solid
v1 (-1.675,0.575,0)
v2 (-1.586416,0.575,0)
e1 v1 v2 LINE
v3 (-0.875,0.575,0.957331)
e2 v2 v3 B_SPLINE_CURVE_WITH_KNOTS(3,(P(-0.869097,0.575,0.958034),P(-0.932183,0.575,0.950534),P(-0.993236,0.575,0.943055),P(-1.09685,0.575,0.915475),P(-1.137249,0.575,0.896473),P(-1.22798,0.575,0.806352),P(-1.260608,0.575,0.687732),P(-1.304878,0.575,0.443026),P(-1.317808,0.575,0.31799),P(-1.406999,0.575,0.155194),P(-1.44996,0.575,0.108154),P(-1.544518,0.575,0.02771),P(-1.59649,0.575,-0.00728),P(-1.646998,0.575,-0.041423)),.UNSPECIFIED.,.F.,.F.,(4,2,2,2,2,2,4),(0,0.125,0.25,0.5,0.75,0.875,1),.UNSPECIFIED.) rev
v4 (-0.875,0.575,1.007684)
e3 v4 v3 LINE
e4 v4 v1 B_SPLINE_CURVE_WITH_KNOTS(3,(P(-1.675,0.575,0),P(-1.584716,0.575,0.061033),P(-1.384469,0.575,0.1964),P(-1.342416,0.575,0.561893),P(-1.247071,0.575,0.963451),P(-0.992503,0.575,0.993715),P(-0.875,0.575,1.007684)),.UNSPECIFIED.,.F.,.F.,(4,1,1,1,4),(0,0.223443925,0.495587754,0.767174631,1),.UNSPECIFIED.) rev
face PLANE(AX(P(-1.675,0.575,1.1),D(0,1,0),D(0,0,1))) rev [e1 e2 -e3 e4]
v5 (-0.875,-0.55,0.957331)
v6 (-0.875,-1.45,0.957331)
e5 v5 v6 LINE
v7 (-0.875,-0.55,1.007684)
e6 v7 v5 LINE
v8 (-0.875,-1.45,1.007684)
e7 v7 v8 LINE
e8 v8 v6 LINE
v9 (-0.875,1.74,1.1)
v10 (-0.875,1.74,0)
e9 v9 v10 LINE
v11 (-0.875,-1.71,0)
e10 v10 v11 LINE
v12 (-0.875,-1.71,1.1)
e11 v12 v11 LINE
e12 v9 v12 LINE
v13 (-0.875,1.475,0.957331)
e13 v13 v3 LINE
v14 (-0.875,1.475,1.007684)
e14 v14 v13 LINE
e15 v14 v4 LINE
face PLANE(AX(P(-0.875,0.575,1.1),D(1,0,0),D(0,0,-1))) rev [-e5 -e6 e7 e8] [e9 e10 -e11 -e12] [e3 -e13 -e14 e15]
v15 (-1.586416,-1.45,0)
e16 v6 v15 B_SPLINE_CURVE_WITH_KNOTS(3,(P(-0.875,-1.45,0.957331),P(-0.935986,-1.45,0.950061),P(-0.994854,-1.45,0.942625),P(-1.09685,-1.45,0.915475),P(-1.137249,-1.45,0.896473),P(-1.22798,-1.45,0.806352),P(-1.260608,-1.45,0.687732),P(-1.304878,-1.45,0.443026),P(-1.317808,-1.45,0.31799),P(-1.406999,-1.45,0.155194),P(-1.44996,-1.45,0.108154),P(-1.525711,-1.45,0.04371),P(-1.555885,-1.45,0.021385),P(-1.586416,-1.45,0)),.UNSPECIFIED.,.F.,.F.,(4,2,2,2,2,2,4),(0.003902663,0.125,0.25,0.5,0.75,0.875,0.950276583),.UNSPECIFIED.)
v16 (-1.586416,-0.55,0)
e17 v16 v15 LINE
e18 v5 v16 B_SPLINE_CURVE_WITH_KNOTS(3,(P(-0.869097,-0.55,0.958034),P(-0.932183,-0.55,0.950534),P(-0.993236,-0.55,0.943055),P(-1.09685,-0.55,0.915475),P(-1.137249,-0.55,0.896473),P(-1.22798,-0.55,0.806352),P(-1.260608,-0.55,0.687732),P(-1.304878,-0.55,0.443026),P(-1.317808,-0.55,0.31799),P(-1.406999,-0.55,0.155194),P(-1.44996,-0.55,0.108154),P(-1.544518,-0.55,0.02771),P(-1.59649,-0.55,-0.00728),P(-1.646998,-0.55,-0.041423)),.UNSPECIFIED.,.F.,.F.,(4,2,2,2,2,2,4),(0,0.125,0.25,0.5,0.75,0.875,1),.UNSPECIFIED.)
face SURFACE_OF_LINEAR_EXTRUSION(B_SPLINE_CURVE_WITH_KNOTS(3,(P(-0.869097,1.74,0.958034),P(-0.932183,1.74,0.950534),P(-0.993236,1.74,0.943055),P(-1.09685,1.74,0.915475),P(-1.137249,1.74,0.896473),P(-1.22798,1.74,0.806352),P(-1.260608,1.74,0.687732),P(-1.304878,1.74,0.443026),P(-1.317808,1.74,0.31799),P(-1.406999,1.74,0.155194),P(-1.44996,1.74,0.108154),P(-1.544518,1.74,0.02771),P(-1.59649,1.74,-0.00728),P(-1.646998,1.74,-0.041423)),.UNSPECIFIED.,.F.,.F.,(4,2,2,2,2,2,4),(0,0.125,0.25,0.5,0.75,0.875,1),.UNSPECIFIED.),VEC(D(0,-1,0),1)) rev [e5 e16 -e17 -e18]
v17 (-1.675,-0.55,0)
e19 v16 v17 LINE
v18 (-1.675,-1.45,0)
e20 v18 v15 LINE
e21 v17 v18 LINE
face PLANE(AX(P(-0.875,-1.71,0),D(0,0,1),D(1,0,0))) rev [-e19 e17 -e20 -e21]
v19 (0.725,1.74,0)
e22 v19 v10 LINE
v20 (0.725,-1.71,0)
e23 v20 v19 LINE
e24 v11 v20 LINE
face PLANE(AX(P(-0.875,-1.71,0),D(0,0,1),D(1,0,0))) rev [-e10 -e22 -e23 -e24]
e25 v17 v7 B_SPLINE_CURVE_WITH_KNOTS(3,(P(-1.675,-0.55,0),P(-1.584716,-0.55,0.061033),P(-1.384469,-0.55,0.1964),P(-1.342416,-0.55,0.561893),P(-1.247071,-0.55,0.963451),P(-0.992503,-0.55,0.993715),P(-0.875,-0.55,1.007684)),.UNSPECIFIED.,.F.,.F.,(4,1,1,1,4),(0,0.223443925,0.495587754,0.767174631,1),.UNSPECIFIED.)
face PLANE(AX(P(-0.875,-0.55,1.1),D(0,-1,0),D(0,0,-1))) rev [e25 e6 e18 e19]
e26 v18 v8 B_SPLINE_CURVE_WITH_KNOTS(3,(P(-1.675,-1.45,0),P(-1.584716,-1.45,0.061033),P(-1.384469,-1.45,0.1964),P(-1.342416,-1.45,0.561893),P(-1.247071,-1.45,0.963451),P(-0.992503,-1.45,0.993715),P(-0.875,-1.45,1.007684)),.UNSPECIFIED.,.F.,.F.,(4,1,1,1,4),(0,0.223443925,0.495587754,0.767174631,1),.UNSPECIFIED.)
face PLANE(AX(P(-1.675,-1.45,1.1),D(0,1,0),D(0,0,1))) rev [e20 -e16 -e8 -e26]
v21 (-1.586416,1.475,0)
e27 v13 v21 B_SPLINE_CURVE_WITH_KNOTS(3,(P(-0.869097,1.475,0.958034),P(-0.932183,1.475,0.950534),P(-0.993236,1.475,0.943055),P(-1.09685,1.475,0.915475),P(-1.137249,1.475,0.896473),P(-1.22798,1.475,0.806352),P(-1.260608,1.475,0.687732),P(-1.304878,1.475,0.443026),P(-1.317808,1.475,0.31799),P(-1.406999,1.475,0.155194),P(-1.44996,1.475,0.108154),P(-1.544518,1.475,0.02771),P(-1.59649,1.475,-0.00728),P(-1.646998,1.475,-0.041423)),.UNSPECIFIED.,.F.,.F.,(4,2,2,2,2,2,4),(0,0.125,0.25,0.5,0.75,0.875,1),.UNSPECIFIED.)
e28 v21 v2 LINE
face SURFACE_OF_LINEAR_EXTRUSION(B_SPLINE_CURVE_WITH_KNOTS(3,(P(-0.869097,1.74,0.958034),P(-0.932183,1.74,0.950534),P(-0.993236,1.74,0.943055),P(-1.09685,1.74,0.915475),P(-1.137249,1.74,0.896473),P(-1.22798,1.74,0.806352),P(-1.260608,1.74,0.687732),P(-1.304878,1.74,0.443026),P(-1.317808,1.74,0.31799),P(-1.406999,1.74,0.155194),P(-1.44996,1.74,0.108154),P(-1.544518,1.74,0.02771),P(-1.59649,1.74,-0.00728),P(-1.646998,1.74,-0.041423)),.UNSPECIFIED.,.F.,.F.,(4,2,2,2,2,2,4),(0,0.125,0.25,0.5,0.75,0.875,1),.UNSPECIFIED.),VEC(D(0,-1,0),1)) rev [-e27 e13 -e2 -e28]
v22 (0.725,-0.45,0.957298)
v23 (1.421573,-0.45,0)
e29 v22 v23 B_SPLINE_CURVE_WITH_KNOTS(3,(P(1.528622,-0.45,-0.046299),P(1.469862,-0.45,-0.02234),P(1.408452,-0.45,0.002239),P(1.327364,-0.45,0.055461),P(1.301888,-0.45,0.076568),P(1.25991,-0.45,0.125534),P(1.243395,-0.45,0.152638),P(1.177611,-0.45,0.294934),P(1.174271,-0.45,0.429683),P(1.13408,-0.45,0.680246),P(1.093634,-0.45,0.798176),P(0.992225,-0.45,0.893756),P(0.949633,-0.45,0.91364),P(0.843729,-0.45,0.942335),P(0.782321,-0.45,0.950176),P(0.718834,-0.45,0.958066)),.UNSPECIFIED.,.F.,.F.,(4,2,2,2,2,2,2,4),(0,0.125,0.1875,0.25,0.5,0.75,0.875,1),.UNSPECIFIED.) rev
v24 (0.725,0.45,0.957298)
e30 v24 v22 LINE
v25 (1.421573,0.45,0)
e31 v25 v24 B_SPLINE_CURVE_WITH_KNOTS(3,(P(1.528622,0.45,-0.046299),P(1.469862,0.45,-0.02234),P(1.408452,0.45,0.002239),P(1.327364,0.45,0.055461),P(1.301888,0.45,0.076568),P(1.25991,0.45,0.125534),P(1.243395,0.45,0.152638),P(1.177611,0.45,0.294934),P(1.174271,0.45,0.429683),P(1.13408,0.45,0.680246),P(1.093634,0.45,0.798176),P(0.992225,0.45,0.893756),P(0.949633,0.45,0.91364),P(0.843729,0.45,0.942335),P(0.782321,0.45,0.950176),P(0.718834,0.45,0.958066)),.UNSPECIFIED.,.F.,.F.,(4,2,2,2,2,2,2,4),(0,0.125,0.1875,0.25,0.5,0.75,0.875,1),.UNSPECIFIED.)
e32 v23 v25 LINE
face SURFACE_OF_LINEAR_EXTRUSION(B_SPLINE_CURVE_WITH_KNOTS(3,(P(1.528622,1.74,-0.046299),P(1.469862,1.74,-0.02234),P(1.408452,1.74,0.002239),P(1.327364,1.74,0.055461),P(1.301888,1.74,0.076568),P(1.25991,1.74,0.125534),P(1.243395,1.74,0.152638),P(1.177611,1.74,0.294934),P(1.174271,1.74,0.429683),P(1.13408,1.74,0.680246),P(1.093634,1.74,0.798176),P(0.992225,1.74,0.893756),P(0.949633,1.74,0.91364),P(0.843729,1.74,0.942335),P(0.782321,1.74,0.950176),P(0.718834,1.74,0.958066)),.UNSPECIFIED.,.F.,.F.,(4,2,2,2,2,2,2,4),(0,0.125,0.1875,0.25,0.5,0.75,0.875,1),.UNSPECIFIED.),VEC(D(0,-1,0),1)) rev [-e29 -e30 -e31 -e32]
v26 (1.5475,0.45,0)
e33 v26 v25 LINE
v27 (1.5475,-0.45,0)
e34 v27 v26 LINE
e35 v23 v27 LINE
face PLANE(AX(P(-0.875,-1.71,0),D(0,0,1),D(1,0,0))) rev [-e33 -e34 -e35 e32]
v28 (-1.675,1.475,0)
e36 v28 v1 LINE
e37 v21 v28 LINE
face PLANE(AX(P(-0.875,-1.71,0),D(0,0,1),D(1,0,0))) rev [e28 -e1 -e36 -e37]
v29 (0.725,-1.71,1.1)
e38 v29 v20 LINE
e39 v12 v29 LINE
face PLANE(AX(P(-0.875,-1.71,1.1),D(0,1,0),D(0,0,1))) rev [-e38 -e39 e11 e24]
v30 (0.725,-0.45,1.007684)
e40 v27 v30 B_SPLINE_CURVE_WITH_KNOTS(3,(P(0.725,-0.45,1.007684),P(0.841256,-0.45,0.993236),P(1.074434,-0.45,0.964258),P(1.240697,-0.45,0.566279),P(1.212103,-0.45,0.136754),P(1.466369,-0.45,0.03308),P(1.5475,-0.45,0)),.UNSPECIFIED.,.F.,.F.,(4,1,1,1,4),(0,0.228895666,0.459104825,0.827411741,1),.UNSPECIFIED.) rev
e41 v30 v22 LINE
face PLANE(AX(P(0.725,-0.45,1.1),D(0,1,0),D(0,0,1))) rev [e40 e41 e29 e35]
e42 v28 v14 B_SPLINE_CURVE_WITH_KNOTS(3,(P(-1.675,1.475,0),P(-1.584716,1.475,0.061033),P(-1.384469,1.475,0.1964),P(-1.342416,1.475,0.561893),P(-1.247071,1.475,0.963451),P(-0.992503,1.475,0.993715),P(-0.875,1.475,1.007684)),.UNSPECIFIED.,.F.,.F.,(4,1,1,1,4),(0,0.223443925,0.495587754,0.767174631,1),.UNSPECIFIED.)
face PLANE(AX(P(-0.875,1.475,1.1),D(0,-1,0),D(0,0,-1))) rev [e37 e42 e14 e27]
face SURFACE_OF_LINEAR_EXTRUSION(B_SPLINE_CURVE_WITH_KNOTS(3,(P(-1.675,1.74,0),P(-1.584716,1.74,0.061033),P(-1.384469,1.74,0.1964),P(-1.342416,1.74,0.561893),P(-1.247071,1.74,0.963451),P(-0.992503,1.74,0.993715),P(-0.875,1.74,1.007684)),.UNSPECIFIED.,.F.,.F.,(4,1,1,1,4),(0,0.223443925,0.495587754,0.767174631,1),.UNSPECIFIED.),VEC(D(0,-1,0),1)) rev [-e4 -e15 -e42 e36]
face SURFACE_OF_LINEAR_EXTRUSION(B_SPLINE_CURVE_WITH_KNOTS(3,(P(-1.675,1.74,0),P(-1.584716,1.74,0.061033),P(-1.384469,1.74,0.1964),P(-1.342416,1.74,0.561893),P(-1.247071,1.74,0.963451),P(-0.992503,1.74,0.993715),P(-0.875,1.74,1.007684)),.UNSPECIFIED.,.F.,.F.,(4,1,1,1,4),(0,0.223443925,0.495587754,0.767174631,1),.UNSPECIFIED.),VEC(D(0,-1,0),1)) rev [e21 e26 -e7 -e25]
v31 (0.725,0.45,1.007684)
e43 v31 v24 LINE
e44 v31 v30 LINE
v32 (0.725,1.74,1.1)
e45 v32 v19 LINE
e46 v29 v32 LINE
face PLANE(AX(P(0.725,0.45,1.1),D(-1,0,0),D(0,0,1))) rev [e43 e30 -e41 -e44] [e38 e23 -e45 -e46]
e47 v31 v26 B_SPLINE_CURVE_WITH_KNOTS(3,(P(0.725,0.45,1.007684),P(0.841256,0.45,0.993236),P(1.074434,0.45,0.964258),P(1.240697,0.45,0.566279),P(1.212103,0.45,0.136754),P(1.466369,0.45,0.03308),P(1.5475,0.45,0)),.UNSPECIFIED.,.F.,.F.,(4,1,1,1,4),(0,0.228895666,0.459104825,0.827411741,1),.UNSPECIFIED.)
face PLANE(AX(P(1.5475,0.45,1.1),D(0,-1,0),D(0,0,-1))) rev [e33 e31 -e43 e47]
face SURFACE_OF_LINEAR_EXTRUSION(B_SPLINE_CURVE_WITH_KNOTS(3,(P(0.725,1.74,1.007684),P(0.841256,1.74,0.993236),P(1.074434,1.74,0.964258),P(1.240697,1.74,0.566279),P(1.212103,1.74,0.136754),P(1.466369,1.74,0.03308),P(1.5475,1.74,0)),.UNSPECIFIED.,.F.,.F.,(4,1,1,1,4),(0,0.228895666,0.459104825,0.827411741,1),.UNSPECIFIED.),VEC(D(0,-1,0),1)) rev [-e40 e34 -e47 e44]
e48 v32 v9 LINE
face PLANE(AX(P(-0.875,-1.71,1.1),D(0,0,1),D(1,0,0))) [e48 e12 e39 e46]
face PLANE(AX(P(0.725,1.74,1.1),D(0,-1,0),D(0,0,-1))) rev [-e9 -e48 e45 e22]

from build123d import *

# Parameters (mm, degrees)
EXTRUDE1_DEPTH     = 1.1
CUT_EXTRUDE1_DEPTH = 4.19
CUT_EXTRUDE2_DEPTH = 4.19


with BuildPart() as part:
    # COMPONENT_OUTLINE → Extrude1 (new body)
    with BuildSketch(Plane.XY):
        Polygon((-0.875, -1.71), (0.725, -1.71), (0.725, -0.45), (1.5475, -0.45), (1.5475, 0.45), (0.725, 0.45), (0.725, 1.74), (-0.875, 1.74), (-0.875, 1.475), (-1.675, 1.475), (-1.675, 0.575), (-0.875, 0.575), (-0.875, -0.55), (-1.675, -0.55), (-1.675, -1.45), (-0.875, -1.45), align=None)
    extrude(amount=EXTRUDE1_DEPTH)

    # Sketch1 → Cut-Extrude1 (cut, through all)
    with BuildSketch(Plane.XZ.offset(1.45)):
        with BuildLine():
            Line((0.725, 1.1), (1.5475, 1.1))
            Line((1.5475, 1.1), (1.5475, 0))
            add(Edge.make_bspline(
                [(0.725, 1.007684008), (0.841255766, 0.993236255), (1.074434419, 0.964257843), (1.240697247, 0.566279231), (1.212102737, 0.136753725), (1.466368993, 0.033080078), (1.5475, 0)],
                knots=[0, 0, 0, 0, 0.228895666, 0.459104825, 0.827411741, 1, 1, 1, 1], degree=3))
            Line((0.725, 1.007684008), (0.725, 1.1))
        make_face()
        with BuildLine():
            Line((-0.875, 1.1), (-0.875, 1.007684008))
            add(Edge.make_bspline(
                [(-0.875, 1.007684008), (-0.992502858, 0.993714751), (-1.247070824, 0.963450589), (-1.342415555, 0.56189323), (-1.384469235, 0.196400416), (-1.584715613, 0.061032749), (-1.675, 0)],
                knots=[0, 0, 0, 0, 0.232825369, 0.504412246, 0.776556075, 1, 1, 1, 1], degree=3))
            Line((-1.675, 0), (-1.675, 1.1))
            Line((-1.675, 1.1), (-0.875, 1.1))
        make_face()
    extrude(amount=-CUT_EXTRUDE1_DEPTH, mode=Mode.SUBTRACT)

    # Sketch2 → Cut-Extrude2 (cut, through all)
    with BuildSketch(Plane.XZ.offset(1.45)):
        with BuildLine():
            Line((0.725, 0), (1.421572568, 0))
            add(Edge.make_bspline(
                [(1.421572568, 0), (1.398439084, 0.011285624), (1.375838095, 0.023644995), (1.327364404, 0.055460599), (1.301887511, 0.076567597), (1.259910489, 0.125534473), (1.243394855, 0.152637933), (1.177610694, 0.294933575), (1.174271294, 0.429683105), (1.134079821, 0.680245939), (1.093633579, 0.798176416), (0.992225356, 0.893756481), (0.949632552, 0.913640339), (0.845445066, 0.941870469), (0.7862927, 0.949660717), (0.725, 0.957298469)],
                knots=[0.07541425, 0.07541425, 0.07541425, 0.07541425, 0.125, 0.125, 0.1875, 0.1875, 0.25, 0.25, 0.5, 0.5, 0.75, 0.75, 0.875, 0.875, 0.995948591, 0.995948591, 0.995948591, 0.995948591], degree=3))
            Line((0.725, 0.957298469), (0.725, 0))
        make_face()
        with BuildLine():
            Line((-1.586416297, 0), (-0.875, 0))
            Line((-0.875, 0), (-0.875, 0.957331048))
            add(Edge.make_bspline(
                [(-1.586416297, 0), (-1.555884998, 0.021384965), (-1.525710826, 0.043709629), (-1.449960416, 0.108153898), (-1.406998869, 0.155193673), (-1.317807524, 0.317989625), (-1.304878373, 0.44302641), (-1.260607801, 0.687731731), (-1.227980141, 0.806351912), (-1.137249482, 0.896473216), (-1.096849985, 0.915474598), (-0.994853528, 0.942624737), (-0.935985962, 0.950060656), (-0.875, 0.957331048)],
                knots=[0.049723417, 0.049723417, 0.049723417, 0.049723417, 0.125, 0.125, 0.25, 0.25, 0.5, 0.5, 0.75, 0.75, 0.875, 0.875, 0.996097337, 0.996097337, 0.996097337, 0.996097337], degree=3))
        make_face()
    extrude(amount=-CUT_EXTRUDE2_DEPTH, mode=Mode.SUBTRACT)


solid = part.part
